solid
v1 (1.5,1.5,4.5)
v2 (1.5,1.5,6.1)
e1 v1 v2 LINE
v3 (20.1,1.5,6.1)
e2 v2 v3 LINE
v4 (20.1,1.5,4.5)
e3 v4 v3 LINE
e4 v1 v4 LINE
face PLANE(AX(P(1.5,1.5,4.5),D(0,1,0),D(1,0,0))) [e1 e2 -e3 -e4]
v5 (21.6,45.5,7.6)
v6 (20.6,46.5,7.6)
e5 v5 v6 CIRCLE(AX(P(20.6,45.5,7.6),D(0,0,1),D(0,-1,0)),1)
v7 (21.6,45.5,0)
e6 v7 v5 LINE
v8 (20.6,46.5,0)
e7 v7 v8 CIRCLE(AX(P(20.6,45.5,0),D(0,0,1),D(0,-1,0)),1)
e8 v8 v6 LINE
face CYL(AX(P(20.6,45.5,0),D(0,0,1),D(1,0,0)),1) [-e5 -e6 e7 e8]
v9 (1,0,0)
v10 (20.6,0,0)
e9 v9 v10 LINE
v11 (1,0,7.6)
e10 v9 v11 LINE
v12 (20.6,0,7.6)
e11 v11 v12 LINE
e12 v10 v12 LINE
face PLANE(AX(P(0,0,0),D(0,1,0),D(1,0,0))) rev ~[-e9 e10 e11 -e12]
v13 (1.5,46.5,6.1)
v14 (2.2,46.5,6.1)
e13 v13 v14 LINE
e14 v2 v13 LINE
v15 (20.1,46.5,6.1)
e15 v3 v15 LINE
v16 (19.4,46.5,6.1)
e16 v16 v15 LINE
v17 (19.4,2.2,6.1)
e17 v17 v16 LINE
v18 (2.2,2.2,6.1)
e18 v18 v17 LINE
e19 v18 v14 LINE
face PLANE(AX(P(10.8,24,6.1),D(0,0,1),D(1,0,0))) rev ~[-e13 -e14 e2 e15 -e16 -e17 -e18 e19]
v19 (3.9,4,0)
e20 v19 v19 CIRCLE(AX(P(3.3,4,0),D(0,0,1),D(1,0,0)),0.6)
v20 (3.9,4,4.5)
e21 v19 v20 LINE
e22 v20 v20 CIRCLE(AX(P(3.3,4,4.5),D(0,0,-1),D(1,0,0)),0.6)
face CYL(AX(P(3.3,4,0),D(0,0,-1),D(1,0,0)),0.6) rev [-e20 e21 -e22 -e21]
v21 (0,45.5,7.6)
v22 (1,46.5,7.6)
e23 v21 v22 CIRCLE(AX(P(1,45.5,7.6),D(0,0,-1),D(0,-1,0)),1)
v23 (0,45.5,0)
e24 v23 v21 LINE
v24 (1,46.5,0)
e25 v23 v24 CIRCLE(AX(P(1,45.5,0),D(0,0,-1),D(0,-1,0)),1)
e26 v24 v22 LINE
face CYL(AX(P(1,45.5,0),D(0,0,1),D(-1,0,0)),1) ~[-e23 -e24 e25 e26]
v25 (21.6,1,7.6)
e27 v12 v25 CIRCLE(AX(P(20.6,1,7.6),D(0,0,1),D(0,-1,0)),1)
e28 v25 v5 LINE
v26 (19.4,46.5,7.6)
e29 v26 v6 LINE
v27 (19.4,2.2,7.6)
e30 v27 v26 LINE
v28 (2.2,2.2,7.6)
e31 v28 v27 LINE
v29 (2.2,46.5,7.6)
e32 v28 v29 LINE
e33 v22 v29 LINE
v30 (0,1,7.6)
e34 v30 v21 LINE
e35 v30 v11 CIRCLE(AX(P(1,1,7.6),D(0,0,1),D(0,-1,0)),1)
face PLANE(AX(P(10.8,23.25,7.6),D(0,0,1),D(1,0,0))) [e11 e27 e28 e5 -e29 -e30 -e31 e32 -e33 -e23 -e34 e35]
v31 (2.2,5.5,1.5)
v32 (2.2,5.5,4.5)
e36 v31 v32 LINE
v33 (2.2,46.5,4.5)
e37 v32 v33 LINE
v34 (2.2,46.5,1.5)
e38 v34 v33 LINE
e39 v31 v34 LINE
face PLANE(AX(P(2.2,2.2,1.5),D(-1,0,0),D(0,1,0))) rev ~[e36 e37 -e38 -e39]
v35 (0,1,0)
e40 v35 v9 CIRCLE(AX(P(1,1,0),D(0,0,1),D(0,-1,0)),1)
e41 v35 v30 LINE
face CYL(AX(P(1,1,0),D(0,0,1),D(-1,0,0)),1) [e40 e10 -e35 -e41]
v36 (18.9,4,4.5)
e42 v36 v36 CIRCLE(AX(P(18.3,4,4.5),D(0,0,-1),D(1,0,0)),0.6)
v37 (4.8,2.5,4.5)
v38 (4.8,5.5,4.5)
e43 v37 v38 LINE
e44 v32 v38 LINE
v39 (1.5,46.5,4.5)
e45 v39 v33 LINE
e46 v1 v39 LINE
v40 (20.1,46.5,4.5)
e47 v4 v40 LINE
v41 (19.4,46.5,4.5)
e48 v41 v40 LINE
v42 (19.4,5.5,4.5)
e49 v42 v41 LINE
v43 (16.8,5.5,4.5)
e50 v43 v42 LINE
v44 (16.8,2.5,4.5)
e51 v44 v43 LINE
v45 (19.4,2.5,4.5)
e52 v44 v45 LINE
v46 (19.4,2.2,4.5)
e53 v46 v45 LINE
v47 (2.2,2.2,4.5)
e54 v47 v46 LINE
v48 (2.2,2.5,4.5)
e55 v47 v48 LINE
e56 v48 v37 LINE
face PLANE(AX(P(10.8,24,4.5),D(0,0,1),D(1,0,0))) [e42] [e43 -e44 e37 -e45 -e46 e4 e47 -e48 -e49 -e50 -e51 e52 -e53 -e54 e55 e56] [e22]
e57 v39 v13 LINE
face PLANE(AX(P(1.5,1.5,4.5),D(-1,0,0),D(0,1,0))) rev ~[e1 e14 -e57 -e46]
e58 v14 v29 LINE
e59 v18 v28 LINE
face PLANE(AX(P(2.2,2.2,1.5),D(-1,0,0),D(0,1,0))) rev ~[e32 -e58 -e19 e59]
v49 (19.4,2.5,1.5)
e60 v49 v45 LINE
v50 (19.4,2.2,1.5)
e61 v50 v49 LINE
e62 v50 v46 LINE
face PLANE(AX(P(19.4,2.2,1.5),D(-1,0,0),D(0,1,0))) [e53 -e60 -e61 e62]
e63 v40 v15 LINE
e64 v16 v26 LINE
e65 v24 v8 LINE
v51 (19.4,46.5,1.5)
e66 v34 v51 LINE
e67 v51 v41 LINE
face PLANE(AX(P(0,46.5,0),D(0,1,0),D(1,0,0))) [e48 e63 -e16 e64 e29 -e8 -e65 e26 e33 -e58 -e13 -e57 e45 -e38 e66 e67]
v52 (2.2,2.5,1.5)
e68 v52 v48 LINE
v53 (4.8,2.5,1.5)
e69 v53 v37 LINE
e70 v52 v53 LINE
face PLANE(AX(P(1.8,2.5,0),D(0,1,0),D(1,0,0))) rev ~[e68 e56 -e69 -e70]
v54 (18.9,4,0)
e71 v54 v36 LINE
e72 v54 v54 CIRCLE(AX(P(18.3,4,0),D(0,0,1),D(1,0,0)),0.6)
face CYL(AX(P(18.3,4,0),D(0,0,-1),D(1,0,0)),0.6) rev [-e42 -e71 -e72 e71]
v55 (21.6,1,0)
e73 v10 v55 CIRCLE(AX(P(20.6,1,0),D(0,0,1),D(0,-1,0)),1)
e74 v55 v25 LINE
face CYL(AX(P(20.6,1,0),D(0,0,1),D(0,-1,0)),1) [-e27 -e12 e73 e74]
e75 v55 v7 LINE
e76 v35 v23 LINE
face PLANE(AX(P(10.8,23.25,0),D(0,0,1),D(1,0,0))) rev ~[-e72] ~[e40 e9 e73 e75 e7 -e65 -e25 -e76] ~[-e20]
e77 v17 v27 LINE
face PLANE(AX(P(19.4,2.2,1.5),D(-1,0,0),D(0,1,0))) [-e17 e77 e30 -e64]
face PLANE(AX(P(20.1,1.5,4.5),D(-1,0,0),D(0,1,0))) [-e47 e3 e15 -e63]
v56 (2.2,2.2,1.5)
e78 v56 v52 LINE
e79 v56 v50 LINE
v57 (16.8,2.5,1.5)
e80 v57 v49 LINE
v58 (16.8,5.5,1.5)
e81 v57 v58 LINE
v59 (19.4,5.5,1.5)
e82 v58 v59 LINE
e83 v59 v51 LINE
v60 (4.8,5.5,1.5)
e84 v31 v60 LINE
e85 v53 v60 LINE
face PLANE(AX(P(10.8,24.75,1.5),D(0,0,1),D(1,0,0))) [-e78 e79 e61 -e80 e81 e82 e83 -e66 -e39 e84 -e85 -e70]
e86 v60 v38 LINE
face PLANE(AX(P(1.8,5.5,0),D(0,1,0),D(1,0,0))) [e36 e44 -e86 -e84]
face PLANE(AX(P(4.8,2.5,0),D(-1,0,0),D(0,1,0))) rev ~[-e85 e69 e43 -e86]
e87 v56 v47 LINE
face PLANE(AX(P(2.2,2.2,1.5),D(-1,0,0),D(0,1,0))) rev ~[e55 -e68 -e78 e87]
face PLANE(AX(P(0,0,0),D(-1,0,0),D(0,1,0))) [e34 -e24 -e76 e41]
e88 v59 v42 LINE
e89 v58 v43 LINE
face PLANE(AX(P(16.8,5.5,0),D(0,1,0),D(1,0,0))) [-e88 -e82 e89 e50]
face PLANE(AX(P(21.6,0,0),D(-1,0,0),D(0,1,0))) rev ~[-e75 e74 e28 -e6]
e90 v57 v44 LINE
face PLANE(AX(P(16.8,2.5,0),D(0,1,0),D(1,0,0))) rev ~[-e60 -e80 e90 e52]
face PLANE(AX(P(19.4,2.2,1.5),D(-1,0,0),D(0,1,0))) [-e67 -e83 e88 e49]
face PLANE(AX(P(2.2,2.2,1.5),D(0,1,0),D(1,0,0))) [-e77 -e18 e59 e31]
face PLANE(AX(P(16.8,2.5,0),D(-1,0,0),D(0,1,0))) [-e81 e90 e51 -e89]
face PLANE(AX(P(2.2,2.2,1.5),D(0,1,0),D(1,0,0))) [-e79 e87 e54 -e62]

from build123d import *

# Parameters (mm, degrees)
CYLINDER_R       = 0.6
CYLINDER_DEPTH   = 10
ARRAY001_X_COUNT = 2
ARRAY001_X_PITCH = 15
BOX007_W         = 18.6
BOX007_H         = 45
BOX007_DEPTH     = 1.6
BOX006_W         = 17.2
BOX006_H         = 45.1
BOX006_DEPTH     = 6.1
BOX_W            = 21.6
BOX_H            = 46.5
BOX_DEPTH        = 7.6
FILLET_R         = 1
BOX008_W         = 3
BOX008_H         = 3
BOX008_DEPTH     = 4.5
ARRAY_X_COUNT    = 2
ARRAY_X_PITCH    = 15


with BuildPart() as hole_array001:
    # Cylinder → Cylinder (new body)
    with BuildSketch(Plane.XY):
        Circle(CYLINDER_R)
    extrude(amount=CYLINDER_DEPTH)

    # Array001 X: hole array001 ×2


with BuildPart() as hole_array001_1:
    add(hole_array001.part)
    with Locations(*[(i * ARRAY001_X_PITCH, 0, 0) for i in range(1, ARRAY001_X_COUNT)]):
        add(hole_array001.part)


with BuildPart() as hole_array001_2:
    # Array001 placement: moved
    add(hole_array001_1.part.moved(Location((3.3, 4, 0))))


with BuildPart() as pcb_extract_cube:
    # Box007 → Box007 (new body)
    with BuildSketch(Plane(origin=(1.5, 1.5, 4.5), x_dir=(1, 0, 0), z_dir=(0, 0, 1))):
        with Locations((9.3, 22.5)):
            Rectangle(BOX007_W, BOX007_H)
    extrude(amount=BOX007_DEPTH)


with BuildPart() as extract_fusion:
    # Box006 → Box006 (new body)
    with BuildSketch(Plane(origin=(2.2, 2.2, 1.5), x_dir=(1, 0, 0), z_dir=(0, 0, 1))):
        with Locations((8.6, 22.55)):
            Rectangle(BOX006_W, BOX006_H)
    extrude(amount=BOX006_DEPTH)

    # Fusion: union pcb extract cube
    add(pcb_extract_cube.part)


with BuildPart() as body_cut004:
    # Box → Box (new body)
    with BuildSketch(Plane.XY):
        with Locations((10.8, 23.25)):
            Rectangle(BOX_W, BOX_H)
    extrude(amount=BOX_DEPTH)

    # Fillet
    fillet_edges = [body_cut004.edges().sort_by_distance(p)[0] for p in [
        (0, 0, 3.8),
        (0, 46.5, 3.8),
        (21.6, 0, 3.8),
        (21.6, 46.5, 3.8),
    ]]
    fillet(fillet_edges, radius=FILLET_R)

    # Cut003007: cut extract fusion
    add(extract_fusion.part, mode=Mode.SUBTRACT)


with BuildPart() as body_cut005:
    # Box008 → Box008 (new body)
    with BuildSketch(Plane(origin=(-1.5, -1.5, 0), x_dir=(1, 0, 0), z_dir=(0, 0, 1))):
        with Locations((1.5, 1.5)):
            Rectangle(BOX008_W, BOX008_H)
    extrude(amount=BOX008_DEPTH)

    # Array X: body cut005 ×2


with BuildPart() as body_cut005_1:
    add(body_cut005.part)
    with Locations(*[(i * ARRAY_X_PITCH, 0, 0) for i in range(1, ARRAY_X_COUNT)]):
        add(body_cut005.part)


with BuildPart() as body_cut005_2:
    # Array placement: moved
    add(body_cut005_1.part.moved(Location((3.3, 4, 0))))

    # Fusion006: union body cut004
    add(body_cut004.part)

    # Cut003008: cut hole array001
    add(hole_array001_2.part, mode=Mode.SUBTRACT)


solid = body_cut005_2.part
